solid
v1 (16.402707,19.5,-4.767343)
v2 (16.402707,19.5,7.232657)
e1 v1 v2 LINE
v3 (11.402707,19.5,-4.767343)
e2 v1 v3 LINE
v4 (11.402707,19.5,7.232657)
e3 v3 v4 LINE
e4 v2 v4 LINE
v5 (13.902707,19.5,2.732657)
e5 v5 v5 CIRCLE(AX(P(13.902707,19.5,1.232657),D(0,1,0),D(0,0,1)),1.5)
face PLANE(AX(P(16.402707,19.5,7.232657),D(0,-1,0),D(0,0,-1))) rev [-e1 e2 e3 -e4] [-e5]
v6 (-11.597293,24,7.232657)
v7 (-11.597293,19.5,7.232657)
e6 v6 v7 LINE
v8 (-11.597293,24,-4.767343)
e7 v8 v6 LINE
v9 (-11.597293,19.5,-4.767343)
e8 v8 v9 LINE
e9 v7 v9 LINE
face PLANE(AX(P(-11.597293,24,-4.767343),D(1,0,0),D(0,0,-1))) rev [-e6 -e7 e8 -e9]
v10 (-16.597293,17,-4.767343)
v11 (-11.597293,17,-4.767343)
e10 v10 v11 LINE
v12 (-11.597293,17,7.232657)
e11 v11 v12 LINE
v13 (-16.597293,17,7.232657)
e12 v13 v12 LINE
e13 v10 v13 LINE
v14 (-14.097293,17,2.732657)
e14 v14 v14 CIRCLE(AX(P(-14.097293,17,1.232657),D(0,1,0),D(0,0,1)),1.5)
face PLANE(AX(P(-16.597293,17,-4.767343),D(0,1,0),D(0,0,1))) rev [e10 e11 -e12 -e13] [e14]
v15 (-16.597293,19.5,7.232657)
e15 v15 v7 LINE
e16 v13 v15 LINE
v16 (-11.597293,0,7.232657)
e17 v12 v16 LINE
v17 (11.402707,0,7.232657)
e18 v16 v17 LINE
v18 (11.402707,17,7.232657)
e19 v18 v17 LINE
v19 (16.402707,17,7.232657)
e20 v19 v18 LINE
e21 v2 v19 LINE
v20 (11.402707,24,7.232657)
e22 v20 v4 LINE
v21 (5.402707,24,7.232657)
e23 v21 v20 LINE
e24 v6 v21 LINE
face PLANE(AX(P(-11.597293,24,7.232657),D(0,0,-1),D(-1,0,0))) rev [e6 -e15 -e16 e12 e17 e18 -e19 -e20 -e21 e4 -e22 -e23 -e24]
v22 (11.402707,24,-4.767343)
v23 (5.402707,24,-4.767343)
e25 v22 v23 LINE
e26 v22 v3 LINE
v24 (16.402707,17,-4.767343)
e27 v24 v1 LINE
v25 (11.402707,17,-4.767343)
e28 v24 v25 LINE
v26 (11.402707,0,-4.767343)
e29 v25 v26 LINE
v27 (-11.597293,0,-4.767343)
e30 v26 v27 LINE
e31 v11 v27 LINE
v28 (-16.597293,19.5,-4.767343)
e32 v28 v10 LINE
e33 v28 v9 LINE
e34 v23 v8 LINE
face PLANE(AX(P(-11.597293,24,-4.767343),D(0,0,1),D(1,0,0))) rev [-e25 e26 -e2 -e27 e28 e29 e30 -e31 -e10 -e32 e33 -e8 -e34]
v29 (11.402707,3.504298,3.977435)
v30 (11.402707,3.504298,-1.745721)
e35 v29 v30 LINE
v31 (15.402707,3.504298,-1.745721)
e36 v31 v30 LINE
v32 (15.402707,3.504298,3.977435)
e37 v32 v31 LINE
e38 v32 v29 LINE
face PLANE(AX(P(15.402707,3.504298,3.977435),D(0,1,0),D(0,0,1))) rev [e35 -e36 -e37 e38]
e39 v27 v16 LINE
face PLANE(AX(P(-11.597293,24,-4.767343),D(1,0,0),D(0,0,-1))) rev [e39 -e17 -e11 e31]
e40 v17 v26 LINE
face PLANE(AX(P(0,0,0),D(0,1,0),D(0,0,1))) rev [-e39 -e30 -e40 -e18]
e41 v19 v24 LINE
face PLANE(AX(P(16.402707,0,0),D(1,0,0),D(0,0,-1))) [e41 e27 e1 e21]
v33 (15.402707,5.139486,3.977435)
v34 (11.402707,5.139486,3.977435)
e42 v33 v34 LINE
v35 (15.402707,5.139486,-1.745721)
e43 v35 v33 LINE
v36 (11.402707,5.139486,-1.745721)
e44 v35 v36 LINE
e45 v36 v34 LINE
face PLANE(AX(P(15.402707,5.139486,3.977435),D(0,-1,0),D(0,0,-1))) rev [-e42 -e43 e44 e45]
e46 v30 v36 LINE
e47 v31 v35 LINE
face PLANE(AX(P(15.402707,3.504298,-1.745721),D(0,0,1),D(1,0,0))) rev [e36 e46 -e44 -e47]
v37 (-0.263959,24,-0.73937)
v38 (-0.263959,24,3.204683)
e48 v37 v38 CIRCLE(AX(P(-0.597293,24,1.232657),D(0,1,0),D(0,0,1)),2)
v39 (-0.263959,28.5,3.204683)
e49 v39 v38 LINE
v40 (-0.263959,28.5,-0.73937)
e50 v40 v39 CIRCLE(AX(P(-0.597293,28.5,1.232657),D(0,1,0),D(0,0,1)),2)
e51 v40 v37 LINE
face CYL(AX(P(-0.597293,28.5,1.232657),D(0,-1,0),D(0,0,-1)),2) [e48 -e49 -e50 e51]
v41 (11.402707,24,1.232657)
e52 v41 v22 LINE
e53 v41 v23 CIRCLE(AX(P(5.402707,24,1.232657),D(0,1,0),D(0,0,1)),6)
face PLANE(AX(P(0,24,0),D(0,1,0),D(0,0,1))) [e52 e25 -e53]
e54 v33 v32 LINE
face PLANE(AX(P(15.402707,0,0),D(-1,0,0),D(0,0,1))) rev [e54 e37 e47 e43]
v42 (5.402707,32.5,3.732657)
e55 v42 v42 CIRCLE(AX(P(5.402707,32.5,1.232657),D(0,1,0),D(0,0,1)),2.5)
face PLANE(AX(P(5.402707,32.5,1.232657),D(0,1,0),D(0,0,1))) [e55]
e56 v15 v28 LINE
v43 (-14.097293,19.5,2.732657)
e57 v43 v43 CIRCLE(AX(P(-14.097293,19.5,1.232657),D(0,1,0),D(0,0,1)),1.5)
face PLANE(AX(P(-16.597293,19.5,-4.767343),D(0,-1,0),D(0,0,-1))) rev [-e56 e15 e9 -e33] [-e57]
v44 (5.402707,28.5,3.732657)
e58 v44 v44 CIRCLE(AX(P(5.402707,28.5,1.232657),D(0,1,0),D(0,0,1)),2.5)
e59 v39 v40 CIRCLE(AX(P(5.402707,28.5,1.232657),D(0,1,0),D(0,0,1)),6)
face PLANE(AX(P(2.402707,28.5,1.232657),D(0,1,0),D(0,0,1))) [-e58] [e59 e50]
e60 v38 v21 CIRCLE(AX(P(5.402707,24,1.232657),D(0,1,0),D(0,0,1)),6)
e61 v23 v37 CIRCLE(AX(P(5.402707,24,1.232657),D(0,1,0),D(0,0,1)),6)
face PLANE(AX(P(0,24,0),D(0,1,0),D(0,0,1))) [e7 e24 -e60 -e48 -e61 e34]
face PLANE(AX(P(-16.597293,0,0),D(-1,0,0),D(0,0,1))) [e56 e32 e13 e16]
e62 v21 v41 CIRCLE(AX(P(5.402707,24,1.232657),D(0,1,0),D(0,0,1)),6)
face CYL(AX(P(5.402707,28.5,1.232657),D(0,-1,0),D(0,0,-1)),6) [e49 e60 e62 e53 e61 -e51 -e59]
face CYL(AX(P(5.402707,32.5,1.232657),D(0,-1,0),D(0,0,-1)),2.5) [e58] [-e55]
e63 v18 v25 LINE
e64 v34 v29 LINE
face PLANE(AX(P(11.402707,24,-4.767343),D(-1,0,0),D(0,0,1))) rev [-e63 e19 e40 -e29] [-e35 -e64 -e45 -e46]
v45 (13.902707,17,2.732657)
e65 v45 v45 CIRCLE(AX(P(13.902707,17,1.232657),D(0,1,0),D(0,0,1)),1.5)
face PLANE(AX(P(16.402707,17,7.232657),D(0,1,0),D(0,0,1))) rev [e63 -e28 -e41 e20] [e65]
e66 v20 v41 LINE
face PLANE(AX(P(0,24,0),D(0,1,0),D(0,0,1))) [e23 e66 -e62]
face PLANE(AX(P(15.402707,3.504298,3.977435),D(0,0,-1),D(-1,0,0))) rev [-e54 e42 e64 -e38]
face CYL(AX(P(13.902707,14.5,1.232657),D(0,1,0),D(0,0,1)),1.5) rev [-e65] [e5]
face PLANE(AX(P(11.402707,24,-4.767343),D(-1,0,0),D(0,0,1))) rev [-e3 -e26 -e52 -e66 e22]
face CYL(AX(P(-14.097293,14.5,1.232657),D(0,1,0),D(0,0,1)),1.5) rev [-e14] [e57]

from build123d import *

# Parameters (mm, degrees)
SKETCH2_W           = 23
SKETCH2_H           = 12
BOSS_EXTRUDE1_DEPTH = 24
BOSS_EXTRUDE2_DEPTH = 4.5
SKETCH4_R           = 2.5
BOSS_EXTRUDE3_DEPTH = 4
SKETCH5_W           = 12
SKETCH5_H           = 2.5
BOSS_EXTRUDE4_DEPTH = 5
SKETCH6_W           = 12
SKETCH6_H           = 2.5
BOSS_EXTRUDE5_DEPTH = 5
SKETCH7_R           = 1.5
CUT_EXTRUDE1_DEPTH  = 5
SKETCH8_W           = 5.723155949
SKETCH8_H           = 1.635187414
BOSS_EXTRUDE6_DEPTH = 4


with BuildPart() as part:
    # Sketch2 → Boss-Extrude1 (new body)
    with BuildSketch(Plane(origin=(0, 0, 0), x_dir=(1, 0, 0), z_dir=(0, 1, 0))):
        with Locations((-0.097292724, -1.232656514)):
            Rectangle(SKETCH2_W, SKETCH2_H)
    extrude(amount=BOSS_EXTRUDE1_DEPTH)

    # Sketch3 → Boss-Extrude2 (add)
    with BuildSketch(Plane(origin=(0, 24, 0), x_dir=(1, 0, 0), z_dir=(0, 1, 0))):
        with BuildLine():
            ThreePointArc((-0.263959391, -3.204683109), (11.402707276, -1.232656514), (-0.263959391, 0.73937008))
            ThreePointArc((-0.263959391, 0.73937008), (-2.597292724, -1.232656514), (-0.263959391, -3.204683109))
        make_face()
    extrude(amount=BOSS_EXTRUDE2_DEPTH)

    # Sketch4 → Boss-Extrude3 (add)
    with BuildSketch(Plane(origin=(0, 28.5, 0), x_dir=(1, 0, 0), z_dir=(0, 1, 0))):
        with Locations((5.402707276, -1.232656514)):
            Circle(SKETCH4_R)
    extrude(amount=BOSS_EXTRUDE3_DEPTH)

    # Sketch5 → Boss-Extrude4 (add)
    with BuildSketch(Plane(origin=(11.402707276, 0, 0), x_dir=(0, 0, -1), z_dir=(1, 0, 0))):
        with Locations((-1.232656514, 18.25)):
            Rectangle(SKETCH5_W, SKETCH5_H)
    extrude(amount=BOSS_EXTRUDE4_DEPTH)

    # Sketch6 → Boss-Extrude5 (add)
    with BuildSketch(Plane.ZY.offset(11.597292724)):
        with Locations((1.232656514, 18.25)):
            Rectangle(SKETCH6_W, SKETCH6_H)
    extrude(amount=BOSS_EXTRUDE5_DEPTH)

    # Sketch7 → Cut-Extrude1 (cut)
    with BuildSketch(Plane(origin=(0, 19.5, 0), x_dir=(1, 0, 0), z_dir=(0, 1, 0))):
        with Locations((-14.097292724, -1.232656514)):
            Circle(SKETCH7_R)
        with Locations((13.902707276, -1.232656514)):
            Circle(SKETCH7_R)
    extrude(amount=-CUT_EXTRUDE1_DEPTH, mode=Mode.SUBTRACT)

    # Sketch8 → Boss-Extrude6 (add)
    with BuildSketch(Plane(origin=(11.402707276, 0, 0), x_dir=(0, 0, -1), z_dir=(1, 0, 0))):
        with Locations((-1.115857414, 4.321891812)):
            Rectangle(SKETCH8_W, SKETCH8_H)
    extrude(amount=BOSS_EXTRUDE6_DEPTH)


solid = part.part
